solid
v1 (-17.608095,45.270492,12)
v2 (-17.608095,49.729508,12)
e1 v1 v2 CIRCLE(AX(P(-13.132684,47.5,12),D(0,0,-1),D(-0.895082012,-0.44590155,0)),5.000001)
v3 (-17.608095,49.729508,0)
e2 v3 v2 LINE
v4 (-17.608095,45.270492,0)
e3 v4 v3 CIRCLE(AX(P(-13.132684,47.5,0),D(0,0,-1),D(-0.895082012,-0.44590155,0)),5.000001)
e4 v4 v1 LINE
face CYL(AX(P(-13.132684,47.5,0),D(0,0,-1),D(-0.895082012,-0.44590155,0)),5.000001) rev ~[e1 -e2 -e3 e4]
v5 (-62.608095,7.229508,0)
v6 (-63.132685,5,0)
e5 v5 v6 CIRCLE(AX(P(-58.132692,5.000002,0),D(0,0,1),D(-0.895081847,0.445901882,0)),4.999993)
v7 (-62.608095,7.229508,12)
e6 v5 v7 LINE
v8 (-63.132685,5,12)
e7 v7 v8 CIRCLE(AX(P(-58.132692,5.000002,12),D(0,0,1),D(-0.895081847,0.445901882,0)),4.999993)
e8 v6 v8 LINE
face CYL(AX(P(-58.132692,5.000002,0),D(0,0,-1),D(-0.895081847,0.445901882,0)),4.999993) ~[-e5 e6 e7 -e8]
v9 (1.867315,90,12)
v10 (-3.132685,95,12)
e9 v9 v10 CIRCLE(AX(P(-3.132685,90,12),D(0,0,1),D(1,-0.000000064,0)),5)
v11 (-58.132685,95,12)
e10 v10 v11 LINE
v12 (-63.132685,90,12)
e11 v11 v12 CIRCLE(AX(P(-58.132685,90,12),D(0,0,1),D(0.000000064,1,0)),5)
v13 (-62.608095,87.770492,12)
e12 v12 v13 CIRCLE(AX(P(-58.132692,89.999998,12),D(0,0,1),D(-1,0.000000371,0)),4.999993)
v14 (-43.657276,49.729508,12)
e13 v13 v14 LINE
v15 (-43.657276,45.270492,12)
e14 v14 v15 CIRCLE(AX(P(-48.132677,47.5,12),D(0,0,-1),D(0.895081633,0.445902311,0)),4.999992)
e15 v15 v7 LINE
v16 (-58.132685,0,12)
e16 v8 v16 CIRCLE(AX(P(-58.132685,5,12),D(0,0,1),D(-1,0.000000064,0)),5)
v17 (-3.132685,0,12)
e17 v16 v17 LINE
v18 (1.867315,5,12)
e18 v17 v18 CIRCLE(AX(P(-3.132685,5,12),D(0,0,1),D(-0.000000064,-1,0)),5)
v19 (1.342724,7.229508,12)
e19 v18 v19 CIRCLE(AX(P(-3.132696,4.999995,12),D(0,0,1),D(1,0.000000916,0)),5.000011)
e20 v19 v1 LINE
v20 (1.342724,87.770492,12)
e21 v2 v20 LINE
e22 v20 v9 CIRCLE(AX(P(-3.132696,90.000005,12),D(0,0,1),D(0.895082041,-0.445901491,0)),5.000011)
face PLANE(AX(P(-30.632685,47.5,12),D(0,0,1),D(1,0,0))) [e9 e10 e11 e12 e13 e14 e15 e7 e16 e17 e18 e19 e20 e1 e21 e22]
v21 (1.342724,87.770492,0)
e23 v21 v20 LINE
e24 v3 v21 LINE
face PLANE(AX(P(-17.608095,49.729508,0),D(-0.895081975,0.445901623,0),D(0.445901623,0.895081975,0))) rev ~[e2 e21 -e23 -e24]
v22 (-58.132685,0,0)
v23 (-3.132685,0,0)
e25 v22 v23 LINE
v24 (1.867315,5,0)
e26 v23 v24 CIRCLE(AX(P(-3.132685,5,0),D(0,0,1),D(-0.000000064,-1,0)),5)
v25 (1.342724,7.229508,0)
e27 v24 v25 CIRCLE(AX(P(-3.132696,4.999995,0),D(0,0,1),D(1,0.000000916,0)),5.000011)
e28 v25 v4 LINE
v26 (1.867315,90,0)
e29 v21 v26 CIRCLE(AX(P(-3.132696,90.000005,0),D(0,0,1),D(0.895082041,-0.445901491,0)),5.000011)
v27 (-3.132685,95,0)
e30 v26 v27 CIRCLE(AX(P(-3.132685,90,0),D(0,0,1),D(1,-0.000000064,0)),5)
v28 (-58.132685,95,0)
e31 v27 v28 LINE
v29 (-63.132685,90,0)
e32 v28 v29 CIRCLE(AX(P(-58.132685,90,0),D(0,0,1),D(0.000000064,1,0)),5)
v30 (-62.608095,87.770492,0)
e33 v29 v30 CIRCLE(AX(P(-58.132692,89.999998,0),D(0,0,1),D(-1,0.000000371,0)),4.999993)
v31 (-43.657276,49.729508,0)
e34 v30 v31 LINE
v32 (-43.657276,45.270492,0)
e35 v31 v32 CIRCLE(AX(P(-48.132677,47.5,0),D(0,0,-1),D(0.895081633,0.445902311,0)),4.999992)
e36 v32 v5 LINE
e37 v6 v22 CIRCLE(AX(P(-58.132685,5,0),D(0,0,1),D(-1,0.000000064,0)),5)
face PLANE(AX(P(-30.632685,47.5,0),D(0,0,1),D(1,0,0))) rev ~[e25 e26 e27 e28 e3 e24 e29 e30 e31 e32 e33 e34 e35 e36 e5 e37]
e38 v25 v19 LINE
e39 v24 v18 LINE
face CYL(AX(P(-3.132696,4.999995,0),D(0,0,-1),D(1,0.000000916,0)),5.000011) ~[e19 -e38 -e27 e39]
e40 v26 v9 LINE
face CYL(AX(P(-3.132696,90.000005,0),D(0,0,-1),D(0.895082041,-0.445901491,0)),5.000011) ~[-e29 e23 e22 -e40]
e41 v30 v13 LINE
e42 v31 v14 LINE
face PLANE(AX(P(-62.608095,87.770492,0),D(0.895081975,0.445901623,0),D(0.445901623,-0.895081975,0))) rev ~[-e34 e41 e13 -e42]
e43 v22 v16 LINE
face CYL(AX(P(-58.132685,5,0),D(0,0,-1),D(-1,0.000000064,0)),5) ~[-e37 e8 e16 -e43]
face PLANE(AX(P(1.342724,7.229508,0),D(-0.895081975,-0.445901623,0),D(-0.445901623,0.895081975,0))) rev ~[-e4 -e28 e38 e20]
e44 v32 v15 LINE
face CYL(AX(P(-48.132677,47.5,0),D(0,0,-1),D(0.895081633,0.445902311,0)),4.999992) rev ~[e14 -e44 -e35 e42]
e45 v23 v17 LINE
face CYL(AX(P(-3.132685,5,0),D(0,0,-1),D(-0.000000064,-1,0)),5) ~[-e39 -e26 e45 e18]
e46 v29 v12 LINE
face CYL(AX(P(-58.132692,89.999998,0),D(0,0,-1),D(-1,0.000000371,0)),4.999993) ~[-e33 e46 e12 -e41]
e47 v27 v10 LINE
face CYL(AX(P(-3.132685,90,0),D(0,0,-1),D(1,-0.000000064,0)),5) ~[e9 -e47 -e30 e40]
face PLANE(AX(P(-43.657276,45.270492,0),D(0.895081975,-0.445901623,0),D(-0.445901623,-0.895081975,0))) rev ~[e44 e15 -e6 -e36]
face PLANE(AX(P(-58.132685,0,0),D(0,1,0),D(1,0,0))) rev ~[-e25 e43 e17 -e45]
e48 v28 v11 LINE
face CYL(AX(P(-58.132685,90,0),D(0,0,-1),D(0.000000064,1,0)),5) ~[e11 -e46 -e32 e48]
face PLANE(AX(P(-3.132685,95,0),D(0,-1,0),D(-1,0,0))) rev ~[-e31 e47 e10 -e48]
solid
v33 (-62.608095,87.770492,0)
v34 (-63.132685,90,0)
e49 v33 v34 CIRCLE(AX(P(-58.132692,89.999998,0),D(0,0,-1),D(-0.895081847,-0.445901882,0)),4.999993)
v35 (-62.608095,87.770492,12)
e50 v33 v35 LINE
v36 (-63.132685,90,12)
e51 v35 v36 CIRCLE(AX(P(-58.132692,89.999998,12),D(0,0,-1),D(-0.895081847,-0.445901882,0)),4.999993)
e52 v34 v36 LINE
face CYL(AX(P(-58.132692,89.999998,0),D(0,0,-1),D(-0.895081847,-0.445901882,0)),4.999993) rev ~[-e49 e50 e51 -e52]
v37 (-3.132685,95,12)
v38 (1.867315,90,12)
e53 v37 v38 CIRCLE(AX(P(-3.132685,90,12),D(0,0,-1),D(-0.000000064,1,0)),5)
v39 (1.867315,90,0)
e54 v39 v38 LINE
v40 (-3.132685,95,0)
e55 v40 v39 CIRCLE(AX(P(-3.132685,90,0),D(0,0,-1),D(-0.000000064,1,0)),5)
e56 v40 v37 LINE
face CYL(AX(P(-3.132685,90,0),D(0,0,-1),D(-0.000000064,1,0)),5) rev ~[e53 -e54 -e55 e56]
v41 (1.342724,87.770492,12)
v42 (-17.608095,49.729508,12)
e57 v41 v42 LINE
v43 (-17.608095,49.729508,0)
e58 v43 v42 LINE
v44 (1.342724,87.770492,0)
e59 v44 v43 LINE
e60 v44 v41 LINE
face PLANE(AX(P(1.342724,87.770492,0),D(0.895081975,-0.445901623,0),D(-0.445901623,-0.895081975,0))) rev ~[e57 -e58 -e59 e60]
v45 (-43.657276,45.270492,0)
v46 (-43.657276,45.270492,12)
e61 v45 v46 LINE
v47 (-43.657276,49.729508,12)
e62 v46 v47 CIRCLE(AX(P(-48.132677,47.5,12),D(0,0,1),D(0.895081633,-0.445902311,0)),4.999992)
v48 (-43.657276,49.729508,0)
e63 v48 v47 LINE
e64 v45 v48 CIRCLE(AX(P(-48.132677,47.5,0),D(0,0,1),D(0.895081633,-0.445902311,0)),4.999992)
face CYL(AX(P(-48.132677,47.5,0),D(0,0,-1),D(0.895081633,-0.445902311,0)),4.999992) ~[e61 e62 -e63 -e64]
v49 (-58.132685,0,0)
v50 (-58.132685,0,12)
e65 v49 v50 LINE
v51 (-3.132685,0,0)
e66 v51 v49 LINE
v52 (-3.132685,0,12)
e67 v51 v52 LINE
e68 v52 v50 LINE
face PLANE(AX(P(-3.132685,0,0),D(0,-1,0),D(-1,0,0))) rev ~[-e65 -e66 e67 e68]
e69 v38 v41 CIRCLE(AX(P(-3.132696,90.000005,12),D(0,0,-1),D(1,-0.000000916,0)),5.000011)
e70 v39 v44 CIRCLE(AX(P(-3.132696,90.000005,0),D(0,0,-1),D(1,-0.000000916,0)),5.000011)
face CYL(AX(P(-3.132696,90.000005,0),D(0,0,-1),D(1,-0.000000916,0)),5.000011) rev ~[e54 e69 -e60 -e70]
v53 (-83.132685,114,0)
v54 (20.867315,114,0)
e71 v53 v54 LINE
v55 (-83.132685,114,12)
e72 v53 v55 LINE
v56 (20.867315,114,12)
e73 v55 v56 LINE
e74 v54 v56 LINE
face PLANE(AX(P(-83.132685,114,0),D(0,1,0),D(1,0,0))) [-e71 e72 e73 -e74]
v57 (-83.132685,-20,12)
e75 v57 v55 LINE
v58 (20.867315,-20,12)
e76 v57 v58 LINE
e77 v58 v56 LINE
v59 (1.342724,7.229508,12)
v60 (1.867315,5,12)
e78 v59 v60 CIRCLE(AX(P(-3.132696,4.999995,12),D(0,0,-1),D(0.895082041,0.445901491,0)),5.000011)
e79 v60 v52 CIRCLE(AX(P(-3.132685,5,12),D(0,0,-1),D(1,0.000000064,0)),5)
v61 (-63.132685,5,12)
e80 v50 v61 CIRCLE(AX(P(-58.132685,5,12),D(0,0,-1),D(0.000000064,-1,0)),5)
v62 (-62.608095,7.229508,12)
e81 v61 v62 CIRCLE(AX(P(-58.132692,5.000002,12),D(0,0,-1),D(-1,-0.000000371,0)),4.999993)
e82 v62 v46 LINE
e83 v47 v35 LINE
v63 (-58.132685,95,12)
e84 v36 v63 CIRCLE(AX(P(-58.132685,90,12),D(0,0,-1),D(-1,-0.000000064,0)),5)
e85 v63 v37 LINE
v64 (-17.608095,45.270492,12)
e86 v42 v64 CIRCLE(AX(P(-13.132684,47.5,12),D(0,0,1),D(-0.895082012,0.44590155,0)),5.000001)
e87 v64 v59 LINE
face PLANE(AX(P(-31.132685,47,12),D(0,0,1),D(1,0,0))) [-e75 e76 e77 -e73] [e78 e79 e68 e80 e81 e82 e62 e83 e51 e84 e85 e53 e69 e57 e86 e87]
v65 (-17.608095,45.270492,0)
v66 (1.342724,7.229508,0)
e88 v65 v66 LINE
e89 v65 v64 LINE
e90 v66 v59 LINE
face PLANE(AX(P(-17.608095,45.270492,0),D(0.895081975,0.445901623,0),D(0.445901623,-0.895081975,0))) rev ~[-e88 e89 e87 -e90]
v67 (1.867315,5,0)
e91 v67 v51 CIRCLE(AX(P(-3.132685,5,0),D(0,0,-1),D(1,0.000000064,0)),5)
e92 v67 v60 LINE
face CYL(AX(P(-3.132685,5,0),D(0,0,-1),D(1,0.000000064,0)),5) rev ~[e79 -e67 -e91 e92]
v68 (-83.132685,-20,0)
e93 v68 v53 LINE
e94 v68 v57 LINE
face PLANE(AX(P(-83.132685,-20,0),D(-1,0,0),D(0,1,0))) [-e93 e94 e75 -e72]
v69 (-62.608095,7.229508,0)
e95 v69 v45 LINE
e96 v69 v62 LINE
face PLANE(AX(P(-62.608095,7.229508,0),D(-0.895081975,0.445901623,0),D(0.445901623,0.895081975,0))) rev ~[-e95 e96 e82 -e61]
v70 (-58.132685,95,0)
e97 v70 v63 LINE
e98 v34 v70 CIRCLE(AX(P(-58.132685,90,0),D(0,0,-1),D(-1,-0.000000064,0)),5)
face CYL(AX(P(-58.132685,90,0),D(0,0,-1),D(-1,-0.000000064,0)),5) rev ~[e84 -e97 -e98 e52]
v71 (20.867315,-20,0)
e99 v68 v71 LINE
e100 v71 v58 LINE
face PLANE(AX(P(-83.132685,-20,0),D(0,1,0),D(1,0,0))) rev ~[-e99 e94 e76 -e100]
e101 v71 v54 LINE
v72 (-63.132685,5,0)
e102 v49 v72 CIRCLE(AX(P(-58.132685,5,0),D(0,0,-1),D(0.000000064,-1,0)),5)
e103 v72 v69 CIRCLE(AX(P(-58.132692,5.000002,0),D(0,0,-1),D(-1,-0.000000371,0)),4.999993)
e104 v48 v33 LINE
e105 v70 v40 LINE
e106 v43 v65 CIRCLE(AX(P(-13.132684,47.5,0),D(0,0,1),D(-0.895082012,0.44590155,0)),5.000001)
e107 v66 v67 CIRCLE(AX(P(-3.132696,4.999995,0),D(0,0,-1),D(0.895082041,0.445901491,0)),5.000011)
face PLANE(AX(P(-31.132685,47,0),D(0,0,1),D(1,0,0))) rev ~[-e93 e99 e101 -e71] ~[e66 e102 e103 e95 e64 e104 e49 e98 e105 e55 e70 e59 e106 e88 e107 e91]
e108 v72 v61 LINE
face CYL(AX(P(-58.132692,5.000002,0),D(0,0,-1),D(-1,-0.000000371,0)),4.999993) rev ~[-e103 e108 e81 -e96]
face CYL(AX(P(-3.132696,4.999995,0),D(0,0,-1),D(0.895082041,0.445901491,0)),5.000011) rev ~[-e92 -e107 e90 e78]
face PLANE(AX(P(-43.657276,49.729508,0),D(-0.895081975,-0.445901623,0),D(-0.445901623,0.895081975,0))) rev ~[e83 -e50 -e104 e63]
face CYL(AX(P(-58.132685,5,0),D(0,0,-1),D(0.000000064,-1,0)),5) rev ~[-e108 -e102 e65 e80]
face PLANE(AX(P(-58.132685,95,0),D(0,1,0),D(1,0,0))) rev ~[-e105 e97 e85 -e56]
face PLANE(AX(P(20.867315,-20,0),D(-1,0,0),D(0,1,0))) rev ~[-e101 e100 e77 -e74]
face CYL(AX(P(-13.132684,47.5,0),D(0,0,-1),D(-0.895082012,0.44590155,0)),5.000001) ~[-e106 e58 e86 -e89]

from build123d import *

# Parameters (mm, degrees)
F1_DEPTH = 12
F0_W     = 104
F0_H     = 134
F2_DEPTH = 12


with BuildPart() as f1:
    # F0 (on Top) → F1 (new body)
    with BuildSketch(Plane.XY):
        with BuildLine():
            Line((-58.132685, 0), (-3.132685, 0))
            ThreePointArc((-3.132685, 0), (0.402849, 1.464466), (1.867315, 5))
            ThreePointArc((1.867315, 5), (1.7344, 6.145197), (1.342724, 7.229508))
            Line((1.342724, 7.229508), (-17.608095, 45.270492))
            ThreePointArc((-17.608095, 45.270492), (-18.132685, 47.5), (-17.608095, 49.729508))
            Line((-17.608095, 49.729508), (1.342724, 87.770492))
            ThreePointArc((1.342724, 87.770492), (1.7344, 88.854803), (1.867315, 90))
            ThreePointArc((1.867315, 90), (0.402849, 93.535534), (-3.132685, 95))
            Line((-3.132685, 95), (-58.132685, 95))
            ThreePointArc((-58.132685, 95), (-61.668219, 93.535534), (-63.132685, 90))
            ThreePointArc((-63.132685, 90), (-62.999771, 88.854803), (-62.608095, 87.770492))
            Line((-62.608095, 87.770492), (-43.657276, 49.729508))
            ThreePointArc((-43.657276, 49.729508), (-43.132685, 47.5), (-43.657276, 45.270492))
            Line((-43.657276, 45.270492), (-62.608095, 7.229508))
            ThreePointArc((-62.608095, 7.229508), (-62.999771, 6.145197), (-63.132685, 5))
            ThreePointArc((-63.132685, 5), (-61.668219, 1.464466), (-58.132685, 0))
        make_face()
    extrude(amount=F1_DEPTH)


with BuildPart() as f2:
    # F0 (on Top) → F2 (new body)
    with BuildSketch(Plane.XY):
        with Locations((-31.132685, 47)):
            Rectangle(F0_W, F0_H)
        with BuildLine():
            ThreePointArc((1.867315, 5), (0.402849, 1.464466), (-3.132685, 0))
            Line((-3.132685, 0), (-58.132685, 0))
            ThreePointArc((-58.132685, 0), (-61.668219, 1.464466), (-63.132685, 5))
            Line((-63.132685, 5), (-63.132685, 90))
            ThreePointArc((-63.132685, 90), (-61.668219, 93.535534), (-58.132685, 95))
            Line((-58.132685, 95), (-3.132685, 95))
            ThreePointArc((-3.132685, 95), (0.402849, 93.535534), (1.867315, 90))
            Line((1.867315, 90), (1.867315, 5))
        make_face(mode=Mode.SUBTRACT)
        with BuildLine():
            Line((-63.132685, 90), (-63.132685, 5))
            ThreePointArc((-63.132685, 5), (-62.999771, 6.145197), (-62.608095, 7.229508))
            Line((-62.608095, 7.229508), (-43.657276, 45.270492))
            ThreePointArc((-43.657276, 45.270492), (-43.132685, 47.5), (-43.657276, 49.729508))
            Line((-43.657276, 49.729508), (-62.608095, 87.770492))
            ThreePointArc((-62.608095, 87.770492), (-62.999771, 88.854803), (-63.132685, 90))
        make_face()
        with BuildLine():
            ThreePointArc((1.342724, 7.229508), (1.7344, 6.145197), (1.867315, 5))
            Line((1.867315, 5), (1.867315, 90))
            ThreePointArc((1.867315, 90), (1.7344, 88.854803), (1.342724, 87.770492))
            Line((1.342724, 87.770492), (-17.608095, 49.729508))
            ThreePointArc((-17.608095, 49.729508), (-18.132685, 47.5), (-17.608095, 45.270492))
            Line((-17.608095, 45.270492), (1.342724, 7.229508))
        make_face()
    extrude(amount=F2_DEPTH)


solid = Compound([f1.part, f2.part])
